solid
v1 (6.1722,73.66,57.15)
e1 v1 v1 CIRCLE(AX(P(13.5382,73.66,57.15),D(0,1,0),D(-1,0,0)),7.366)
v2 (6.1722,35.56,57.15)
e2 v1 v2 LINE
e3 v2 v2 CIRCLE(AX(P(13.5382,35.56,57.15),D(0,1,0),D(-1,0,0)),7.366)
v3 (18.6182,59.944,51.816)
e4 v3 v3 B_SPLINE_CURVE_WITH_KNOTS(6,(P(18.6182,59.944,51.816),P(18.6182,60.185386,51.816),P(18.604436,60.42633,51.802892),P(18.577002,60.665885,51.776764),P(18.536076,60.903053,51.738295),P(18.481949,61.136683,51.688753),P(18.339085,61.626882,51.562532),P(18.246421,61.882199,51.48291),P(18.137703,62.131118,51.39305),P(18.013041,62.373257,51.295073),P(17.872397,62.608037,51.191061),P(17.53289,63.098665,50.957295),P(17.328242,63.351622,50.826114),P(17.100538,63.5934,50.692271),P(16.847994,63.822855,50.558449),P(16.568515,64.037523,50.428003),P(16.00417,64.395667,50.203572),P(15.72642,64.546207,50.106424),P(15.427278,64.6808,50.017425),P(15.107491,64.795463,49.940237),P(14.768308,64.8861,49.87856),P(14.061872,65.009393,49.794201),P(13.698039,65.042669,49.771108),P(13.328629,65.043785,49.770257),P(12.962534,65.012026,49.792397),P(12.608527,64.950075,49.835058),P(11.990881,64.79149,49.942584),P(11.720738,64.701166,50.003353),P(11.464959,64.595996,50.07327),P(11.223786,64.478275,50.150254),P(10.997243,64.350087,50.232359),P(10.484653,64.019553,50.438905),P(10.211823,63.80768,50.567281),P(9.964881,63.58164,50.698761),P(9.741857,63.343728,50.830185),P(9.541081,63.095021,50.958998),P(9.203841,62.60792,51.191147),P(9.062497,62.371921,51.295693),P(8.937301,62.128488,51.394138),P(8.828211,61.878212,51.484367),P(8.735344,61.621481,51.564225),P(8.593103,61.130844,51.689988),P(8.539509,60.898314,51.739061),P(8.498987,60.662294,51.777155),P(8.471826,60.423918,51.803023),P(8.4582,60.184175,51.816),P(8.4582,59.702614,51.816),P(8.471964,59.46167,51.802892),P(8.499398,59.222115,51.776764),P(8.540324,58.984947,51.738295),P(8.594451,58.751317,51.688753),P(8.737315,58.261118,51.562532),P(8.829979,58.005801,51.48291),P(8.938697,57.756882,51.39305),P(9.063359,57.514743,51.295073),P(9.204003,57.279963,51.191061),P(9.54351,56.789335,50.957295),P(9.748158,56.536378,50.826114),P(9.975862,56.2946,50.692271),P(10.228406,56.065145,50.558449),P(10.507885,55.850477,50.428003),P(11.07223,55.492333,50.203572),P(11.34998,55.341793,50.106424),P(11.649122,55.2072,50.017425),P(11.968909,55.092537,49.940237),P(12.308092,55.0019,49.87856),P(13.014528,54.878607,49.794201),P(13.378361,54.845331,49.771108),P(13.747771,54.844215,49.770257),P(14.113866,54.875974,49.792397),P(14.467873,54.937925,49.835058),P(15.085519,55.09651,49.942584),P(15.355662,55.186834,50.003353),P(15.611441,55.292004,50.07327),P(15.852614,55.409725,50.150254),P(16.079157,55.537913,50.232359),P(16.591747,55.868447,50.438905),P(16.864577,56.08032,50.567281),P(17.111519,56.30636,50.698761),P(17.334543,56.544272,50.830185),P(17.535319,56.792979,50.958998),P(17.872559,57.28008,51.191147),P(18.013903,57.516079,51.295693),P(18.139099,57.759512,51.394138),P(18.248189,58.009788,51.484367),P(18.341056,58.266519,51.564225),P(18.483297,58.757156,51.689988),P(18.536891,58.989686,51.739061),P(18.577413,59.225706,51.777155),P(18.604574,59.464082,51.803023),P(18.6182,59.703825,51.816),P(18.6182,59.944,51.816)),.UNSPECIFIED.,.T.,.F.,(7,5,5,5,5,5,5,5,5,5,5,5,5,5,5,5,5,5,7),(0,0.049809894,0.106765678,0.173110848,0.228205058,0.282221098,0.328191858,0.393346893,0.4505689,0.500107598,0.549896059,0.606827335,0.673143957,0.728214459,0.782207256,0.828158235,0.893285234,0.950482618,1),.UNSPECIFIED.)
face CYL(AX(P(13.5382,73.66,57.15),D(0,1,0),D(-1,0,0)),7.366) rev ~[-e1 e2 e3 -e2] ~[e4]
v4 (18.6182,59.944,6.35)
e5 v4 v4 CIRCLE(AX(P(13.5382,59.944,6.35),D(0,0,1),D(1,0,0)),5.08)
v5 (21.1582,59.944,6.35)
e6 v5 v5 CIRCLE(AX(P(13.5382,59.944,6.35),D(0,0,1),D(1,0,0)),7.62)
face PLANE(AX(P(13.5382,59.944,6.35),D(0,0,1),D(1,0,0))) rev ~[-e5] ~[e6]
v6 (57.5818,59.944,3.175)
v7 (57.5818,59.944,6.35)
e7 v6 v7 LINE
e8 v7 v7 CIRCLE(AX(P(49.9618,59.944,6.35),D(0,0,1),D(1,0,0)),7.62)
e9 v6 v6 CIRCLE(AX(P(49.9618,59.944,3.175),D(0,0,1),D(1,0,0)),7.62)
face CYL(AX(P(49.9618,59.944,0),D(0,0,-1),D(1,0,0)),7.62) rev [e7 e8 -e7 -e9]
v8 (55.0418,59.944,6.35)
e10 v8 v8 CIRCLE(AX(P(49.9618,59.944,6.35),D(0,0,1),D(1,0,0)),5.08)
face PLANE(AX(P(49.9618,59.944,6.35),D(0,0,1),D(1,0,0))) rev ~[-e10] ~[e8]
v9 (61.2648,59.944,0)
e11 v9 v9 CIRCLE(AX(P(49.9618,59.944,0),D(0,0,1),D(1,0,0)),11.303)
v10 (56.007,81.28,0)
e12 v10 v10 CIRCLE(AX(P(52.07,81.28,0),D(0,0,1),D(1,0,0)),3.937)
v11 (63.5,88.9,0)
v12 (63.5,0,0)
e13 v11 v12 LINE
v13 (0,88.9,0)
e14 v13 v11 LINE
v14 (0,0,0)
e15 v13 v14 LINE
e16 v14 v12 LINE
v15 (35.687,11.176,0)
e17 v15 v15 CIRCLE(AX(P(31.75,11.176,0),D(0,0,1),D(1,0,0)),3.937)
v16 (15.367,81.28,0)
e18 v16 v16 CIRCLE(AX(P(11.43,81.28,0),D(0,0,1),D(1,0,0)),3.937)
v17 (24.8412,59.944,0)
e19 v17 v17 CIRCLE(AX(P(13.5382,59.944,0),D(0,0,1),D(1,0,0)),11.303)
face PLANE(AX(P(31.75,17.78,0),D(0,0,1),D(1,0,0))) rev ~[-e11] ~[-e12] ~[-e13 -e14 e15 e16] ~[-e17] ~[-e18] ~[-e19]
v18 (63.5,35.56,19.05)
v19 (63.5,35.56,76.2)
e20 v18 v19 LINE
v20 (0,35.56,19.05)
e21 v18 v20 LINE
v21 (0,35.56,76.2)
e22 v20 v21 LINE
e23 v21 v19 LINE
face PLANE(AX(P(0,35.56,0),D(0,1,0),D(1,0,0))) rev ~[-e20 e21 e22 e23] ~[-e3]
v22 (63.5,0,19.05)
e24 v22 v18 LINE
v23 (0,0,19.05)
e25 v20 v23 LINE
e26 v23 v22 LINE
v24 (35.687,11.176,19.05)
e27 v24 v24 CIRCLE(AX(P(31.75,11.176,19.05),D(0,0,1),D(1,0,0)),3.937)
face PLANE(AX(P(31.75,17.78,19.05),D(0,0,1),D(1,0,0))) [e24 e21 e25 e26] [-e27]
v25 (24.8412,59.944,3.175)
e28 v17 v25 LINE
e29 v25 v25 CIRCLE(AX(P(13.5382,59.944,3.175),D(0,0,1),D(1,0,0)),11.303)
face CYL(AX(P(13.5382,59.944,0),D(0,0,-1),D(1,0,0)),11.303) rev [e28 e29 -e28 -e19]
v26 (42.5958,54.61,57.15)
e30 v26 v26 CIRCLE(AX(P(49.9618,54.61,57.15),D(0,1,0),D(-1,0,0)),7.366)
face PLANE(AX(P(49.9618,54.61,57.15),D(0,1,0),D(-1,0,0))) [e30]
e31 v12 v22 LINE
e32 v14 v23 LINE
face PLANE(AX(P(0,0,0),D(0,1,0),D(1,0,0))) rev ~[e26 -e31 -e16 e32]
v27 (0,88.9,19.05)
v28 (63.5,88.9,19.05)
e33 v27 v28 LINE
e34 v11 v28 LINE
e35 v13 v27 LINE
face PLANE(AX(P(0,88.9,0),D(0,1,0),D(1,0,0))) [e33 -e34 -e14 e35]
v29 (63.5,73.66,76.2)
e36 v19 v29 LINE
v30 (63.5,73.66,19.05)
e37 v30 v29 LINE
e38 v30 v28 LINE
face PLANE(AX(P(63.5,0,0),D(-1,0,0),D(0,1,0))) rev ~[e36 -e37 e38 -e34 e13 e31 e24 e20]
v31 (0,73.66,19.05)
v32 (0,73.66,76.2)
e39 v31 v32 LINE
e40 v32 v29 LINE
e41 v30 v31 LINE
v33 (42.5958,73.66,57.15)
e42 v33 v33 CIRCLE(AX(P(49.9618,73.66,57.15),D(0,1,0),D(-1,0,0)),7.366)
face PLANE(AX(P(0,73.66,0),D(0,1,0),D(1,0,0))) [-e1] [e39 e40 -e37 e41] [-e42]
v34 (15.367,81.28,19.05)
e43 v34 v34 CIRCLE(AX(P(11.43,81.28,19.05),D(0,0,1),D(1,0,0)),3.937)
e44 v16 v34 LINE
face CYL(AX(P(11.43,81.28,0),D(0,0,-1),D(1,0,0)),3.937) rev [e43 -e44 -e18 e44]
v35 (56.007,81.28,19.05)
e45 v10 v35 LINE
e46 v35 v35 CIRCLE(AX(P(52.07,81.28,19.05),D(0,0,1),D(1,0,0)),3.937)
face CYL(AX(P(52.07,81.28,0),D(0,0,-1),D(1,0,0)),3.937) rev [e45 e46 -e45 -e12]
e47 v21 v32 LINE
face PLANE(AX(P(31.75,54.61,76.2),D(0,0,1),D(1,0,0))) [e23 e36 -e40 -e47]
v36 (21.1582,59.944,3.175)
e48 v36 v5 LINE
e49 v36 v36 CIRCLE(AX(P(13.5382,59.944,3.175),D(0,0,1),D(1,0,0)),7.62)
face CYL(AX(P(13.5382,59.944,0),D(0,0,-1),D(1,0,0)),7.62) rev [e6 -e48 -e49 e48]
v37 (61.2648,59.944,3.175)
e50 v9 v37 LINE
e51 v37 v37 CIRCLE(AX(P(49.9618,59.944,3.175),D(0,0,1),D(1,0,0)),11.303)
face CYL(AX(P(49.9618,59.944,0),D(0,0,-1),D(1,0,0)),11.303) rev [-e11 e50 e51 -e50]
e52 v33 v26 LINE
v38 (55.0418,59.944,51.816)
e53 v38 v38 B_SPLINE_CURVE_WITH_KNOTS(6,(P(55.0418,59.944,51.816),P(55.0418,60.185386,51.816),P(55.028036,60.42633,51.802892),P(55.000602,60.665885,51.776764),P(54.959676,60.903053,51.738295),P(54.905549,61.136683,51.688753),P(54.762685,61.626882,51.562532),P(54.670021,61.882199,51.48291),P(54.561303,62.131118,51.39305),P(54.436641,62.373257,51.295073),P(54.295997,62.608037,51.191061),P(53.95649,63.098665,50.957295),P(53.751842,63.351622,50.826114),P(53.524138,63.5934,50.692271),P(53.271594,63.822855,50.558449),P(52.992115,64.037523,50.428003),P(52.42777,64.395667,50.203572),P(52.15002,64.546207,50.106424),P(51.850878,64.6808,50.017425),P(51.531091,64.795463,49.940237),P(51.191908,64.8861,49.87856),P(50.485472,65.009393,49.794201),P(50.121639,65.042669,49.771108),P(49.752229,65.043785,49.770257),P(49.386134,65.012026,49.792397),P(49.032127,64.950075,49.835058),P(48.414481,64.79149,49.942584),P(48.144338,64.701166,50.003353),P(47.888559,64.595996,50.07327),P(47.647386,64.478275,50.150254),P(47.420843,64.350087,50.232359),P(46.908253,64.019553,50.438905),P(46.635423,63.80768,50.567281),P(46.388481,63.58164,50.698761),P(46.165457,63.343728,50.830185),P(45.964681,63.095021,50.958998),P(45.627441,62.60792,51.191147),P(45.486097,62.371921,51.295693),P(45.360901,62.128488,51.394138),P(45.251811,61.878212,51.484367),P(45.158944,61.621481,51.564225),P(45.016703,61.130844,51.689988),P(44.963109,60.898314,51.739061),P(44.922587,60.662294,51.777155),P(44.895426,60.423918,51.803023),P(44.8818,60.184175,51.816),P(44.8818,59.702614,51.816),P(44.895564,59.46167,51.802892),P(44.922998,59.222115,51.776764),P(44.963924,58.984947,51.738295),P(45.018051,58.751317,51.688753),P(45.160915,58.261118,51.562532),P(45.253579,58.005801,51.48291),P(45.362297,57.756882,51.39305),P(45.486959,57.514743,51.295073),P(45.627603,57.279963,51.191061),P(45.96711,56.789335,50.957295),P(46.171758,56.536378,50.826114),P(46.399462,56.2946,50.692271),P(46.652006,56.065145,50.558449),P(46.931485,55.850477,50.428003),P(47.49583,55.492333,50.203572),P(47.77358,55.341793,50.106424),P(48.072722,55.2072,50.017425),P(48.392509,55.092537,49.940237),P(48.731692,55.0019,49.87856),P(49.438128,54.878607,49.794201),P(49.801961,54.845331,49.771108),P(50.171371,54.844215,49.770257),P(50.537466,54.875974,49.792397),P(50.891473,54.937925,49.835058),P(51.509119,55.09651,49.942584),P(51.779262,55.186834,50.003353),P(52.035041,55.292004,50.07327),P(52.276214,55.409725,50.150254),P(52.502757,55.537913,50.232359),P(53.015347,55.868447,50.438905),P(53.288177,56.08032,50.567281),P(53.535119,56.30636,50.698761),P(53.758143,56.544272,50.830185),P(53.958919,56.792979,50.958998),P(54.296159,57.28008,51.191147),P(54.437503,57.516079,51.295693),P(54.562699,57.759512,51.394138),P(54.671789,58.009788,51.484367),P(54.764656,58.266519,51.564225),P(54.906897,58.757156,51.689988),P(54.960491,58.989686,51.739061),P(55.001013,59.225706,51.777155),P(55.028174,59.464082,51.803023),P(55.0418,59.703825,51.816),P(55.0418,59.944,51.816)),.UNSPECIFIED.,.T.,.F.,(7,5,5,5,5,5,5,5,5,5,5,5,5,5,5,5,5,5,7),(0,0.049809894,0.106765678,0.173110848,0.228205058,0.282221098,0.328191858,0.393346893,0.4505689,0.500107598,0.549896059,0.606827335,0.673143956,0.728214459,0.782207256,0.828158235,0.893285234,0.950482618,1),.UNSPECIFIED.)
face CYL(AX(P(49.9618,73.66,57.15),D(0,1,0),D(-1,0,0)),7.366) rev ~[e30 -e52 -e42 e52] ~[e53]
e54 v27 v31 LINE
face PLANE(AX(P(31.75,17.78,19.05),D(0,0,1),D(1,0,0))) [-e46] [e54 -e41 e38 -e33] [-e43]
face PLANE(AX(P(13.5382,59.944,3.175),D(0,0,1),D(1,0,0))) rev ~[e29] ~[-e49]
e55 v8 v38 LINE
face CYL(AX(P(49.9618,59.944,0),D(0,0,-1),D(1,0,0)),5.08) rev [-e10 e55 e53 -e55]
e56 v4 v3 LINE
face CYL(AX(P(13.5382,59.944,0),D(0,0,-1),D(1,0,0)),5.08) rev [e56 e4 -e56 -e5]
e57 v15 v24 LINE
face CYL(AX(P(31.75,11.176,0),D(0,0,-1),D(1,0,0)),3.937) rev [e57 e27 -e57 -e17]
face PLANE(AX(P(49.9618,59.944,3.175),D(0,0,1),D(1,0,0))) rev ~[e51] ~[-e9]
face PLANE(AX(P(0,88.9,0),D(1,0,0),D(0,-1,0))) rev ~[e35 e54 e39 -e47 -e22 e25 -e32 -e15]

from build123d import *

# Parameters (mm, degrees)
F0_W     = 63.5
F0_H     = 35.56
F0_R     = 3.937
F0_R_2   = 11.303
F0_R_3   = 7.62
F0_R_4   = 5.08
F0_H_2   = 15.24
F0_H_3   = 38.1
F1_DEPTH = 19.05
F2_DEPTH = 76.2
F3_DEPTH = 3.175
F4_DEPTH = 6.35
F5_R     = 7.366
F6_DEPTH = 19.05
F7_DEPTH = 50.8
F8_DEPTH = 57.15


with BuildPart() as f1:
    # F0 (on Top) → F1 (new body)
    with BuildSketch(Plane.XY):
        with Locations((31.75, 17.78)):
            Rectangle(F0_W, F0_H)
        with Locations((31.75, 11.176)):
            Circle(F0_R, mode=Mode.SUBTRACT)
        with Locations((49.9618, 59.944)):
            Circle(F0_R_2)
        with Locations((49.9618, 59.944)):
            Circle(F0_R_3, mode=Mode.SUBTRACT)
        with Locations((13.5382, 59.944)):
            Circle(F0_R_2)
        with Locations((13.5382, 59.944)):
            Circle(F0_R_3, mode=Mode.SUBTRACT)
        with Locations((49.9618, 59.944)):
            Circle(F0_R_3)
        with Locations((49.9618, 59.944)):
            Circle(F0_R_4, mode=Mode.SUBTRACT)
        with Locations((13.5382, 59.944)):
            Circle(F0_R_3)
        with Locations((13.5382, 59.944)):
            Circle(F0_R_4, mode=Mode.SUBTRACT)
        with Locations((31.75, 81.28)):
            Rectangle(F0_W, F0_H_2)
        with Locations((11.43, 81.28)):
            Circle(F0_R, mode=Mode.SUBTRACT)
        with Locations((52.07, 81.28)):
            Circle(F0_R, mode=Mode.SUBTRACT)
        with Locations((31.75, 54.61)):
            Rectangle(F0_W, F0_H_3)
        with Locations((13.5382, 59.944)):
            Circle(F0_R_2, mode=Mode.SUBTRACT)
        with Locations((49.9618, 59.944)):
            Circle(F0_R_2, mode=Mode.SUBTRACT)
        with Locations((49.9618, 59.944)):
            Circle(F0_R_4)
        with Locations((13.5382, 59.944)):
            Circle(F0_R_4)
    extrude(amount=F1_DEPTH)

    # F0 (on Top) → F2 (join)
    with BuildSketch(Plane.XY):
        with Locations((31.75, 54.61)):
            Rectangle(F0_W, F0_H_3)
        with Locations((13.5382, 59.944)):
            Circle(F0_R_2, mode=Mode.SUBTRACT)
        with Locations((49.9618, 59.944)):
            Circle(F0_R_2, mode=Mode.SUBTRACT)
        with Locations((13.5382, 59.944)):
            Circle(F0_R_2)
        with Locations((13.5382, 59.944)):
            Circle(F0_R_3, mode=Mode.SUBTRACT)
        with Locations((49.9618, 59.944)):
            Circle(F0_R_2)
        with Locations((49.9618, 59.944)):
            Circle(F0_R_3, mode=Mode.SUBTRACT)
        with Locations((49.9618, 59.944)):
            Circle(F0_R_3)
        with Locations((49.9618, 59.944)):
            Circle(F0_R_4, mode=Mode.SUBTRACT)
        with Locations((13.5382, 59.944)):
            Circle(F0_R_3)
        with Locations((13.5382, 59.944)):
            Circle(F0_R_4, mode=Mode.SUBTRACT)
        with Locations((49.9618, 59.944)):
            Circle(F0_R_4)
        with Locations((13.5382, 59.944)):
            Circle(F0_R_4)
    extrude(amount=F2_DEPTH)

    # F0 (on Top) → F3 (cut)
    with BuildSketch(Plane.XY):
        with Locations((49.9618, 59.944)):
            Circle(F0_R_2)
        with Locations((49.9618, 59.944)):
            Circle(F0_R_3, mode=Mode.SUBTRACT)
        with Locations((13.5382, 59.944)):
            Circle(F0_R_2)
        with Locations((13.5382, 59.944)):
            Circle(F0_R_3, mode=Mode.SUBTRACT)
    extrude(amount=F3_DEPTH, mode=Mode.SUBTRACT)

    # F0 (on Top) → F4 (cut)
    with BuildSketch(Plane.XY):
        with Locations((49.9618, 59.944)):
            Circle(F0_R_3)
        with Locations((49.9618, 59.944)):
            Circle(F0_R_4, mode=Mode.SUBTRACT)
        with Locations((13.5382, 59.944)):
            Circle(F0_R_3)
        with Locations((13.5382, 59.944)):
            Circle(F0_R_4, mode=Mode.SUBTRACT)
    extrude(amount=F4_DEPTH, mode=Mode.SUBTRACT)

    # F5 (on face) → F6 (cut)
    with BuildSketch(Plane(origin=(0, 73.66, 0), x_dir=(-1, 0, 0), z_dir=(0, 1, 0))):
        with Locations((-49.9618, 57.15)):
            Circle(F5_R)
    extrude(amount=-F6_DEPTH, mode=Mode.SUBTRACT)

    # F5 (on face) → F7 (cut)
    with BuildSketch(Plane(origin=(0, 73.66, 0), x_dir=(-1, 0, 0), z_dir=(0, 1, 0))):
        with Locations((-13.5382, 57.15)):
            Circle(F5_R)
    extrude(amount=-F7_DEPTH, mode=Mode.SUBTRACT)

    # F0 (on Top) → F8 (cut)
    with BuildSketch(Plane.XY):
        with Locations((49.9618, 59.944)):
            Circle(F0_R_4)
        with Locations((13.5382, 59.944)):
            Circle(F0_R_4)
    extrude(amount=F8_DEPTH, mode=Mode.SUBTRACT)


solid = f1.part
